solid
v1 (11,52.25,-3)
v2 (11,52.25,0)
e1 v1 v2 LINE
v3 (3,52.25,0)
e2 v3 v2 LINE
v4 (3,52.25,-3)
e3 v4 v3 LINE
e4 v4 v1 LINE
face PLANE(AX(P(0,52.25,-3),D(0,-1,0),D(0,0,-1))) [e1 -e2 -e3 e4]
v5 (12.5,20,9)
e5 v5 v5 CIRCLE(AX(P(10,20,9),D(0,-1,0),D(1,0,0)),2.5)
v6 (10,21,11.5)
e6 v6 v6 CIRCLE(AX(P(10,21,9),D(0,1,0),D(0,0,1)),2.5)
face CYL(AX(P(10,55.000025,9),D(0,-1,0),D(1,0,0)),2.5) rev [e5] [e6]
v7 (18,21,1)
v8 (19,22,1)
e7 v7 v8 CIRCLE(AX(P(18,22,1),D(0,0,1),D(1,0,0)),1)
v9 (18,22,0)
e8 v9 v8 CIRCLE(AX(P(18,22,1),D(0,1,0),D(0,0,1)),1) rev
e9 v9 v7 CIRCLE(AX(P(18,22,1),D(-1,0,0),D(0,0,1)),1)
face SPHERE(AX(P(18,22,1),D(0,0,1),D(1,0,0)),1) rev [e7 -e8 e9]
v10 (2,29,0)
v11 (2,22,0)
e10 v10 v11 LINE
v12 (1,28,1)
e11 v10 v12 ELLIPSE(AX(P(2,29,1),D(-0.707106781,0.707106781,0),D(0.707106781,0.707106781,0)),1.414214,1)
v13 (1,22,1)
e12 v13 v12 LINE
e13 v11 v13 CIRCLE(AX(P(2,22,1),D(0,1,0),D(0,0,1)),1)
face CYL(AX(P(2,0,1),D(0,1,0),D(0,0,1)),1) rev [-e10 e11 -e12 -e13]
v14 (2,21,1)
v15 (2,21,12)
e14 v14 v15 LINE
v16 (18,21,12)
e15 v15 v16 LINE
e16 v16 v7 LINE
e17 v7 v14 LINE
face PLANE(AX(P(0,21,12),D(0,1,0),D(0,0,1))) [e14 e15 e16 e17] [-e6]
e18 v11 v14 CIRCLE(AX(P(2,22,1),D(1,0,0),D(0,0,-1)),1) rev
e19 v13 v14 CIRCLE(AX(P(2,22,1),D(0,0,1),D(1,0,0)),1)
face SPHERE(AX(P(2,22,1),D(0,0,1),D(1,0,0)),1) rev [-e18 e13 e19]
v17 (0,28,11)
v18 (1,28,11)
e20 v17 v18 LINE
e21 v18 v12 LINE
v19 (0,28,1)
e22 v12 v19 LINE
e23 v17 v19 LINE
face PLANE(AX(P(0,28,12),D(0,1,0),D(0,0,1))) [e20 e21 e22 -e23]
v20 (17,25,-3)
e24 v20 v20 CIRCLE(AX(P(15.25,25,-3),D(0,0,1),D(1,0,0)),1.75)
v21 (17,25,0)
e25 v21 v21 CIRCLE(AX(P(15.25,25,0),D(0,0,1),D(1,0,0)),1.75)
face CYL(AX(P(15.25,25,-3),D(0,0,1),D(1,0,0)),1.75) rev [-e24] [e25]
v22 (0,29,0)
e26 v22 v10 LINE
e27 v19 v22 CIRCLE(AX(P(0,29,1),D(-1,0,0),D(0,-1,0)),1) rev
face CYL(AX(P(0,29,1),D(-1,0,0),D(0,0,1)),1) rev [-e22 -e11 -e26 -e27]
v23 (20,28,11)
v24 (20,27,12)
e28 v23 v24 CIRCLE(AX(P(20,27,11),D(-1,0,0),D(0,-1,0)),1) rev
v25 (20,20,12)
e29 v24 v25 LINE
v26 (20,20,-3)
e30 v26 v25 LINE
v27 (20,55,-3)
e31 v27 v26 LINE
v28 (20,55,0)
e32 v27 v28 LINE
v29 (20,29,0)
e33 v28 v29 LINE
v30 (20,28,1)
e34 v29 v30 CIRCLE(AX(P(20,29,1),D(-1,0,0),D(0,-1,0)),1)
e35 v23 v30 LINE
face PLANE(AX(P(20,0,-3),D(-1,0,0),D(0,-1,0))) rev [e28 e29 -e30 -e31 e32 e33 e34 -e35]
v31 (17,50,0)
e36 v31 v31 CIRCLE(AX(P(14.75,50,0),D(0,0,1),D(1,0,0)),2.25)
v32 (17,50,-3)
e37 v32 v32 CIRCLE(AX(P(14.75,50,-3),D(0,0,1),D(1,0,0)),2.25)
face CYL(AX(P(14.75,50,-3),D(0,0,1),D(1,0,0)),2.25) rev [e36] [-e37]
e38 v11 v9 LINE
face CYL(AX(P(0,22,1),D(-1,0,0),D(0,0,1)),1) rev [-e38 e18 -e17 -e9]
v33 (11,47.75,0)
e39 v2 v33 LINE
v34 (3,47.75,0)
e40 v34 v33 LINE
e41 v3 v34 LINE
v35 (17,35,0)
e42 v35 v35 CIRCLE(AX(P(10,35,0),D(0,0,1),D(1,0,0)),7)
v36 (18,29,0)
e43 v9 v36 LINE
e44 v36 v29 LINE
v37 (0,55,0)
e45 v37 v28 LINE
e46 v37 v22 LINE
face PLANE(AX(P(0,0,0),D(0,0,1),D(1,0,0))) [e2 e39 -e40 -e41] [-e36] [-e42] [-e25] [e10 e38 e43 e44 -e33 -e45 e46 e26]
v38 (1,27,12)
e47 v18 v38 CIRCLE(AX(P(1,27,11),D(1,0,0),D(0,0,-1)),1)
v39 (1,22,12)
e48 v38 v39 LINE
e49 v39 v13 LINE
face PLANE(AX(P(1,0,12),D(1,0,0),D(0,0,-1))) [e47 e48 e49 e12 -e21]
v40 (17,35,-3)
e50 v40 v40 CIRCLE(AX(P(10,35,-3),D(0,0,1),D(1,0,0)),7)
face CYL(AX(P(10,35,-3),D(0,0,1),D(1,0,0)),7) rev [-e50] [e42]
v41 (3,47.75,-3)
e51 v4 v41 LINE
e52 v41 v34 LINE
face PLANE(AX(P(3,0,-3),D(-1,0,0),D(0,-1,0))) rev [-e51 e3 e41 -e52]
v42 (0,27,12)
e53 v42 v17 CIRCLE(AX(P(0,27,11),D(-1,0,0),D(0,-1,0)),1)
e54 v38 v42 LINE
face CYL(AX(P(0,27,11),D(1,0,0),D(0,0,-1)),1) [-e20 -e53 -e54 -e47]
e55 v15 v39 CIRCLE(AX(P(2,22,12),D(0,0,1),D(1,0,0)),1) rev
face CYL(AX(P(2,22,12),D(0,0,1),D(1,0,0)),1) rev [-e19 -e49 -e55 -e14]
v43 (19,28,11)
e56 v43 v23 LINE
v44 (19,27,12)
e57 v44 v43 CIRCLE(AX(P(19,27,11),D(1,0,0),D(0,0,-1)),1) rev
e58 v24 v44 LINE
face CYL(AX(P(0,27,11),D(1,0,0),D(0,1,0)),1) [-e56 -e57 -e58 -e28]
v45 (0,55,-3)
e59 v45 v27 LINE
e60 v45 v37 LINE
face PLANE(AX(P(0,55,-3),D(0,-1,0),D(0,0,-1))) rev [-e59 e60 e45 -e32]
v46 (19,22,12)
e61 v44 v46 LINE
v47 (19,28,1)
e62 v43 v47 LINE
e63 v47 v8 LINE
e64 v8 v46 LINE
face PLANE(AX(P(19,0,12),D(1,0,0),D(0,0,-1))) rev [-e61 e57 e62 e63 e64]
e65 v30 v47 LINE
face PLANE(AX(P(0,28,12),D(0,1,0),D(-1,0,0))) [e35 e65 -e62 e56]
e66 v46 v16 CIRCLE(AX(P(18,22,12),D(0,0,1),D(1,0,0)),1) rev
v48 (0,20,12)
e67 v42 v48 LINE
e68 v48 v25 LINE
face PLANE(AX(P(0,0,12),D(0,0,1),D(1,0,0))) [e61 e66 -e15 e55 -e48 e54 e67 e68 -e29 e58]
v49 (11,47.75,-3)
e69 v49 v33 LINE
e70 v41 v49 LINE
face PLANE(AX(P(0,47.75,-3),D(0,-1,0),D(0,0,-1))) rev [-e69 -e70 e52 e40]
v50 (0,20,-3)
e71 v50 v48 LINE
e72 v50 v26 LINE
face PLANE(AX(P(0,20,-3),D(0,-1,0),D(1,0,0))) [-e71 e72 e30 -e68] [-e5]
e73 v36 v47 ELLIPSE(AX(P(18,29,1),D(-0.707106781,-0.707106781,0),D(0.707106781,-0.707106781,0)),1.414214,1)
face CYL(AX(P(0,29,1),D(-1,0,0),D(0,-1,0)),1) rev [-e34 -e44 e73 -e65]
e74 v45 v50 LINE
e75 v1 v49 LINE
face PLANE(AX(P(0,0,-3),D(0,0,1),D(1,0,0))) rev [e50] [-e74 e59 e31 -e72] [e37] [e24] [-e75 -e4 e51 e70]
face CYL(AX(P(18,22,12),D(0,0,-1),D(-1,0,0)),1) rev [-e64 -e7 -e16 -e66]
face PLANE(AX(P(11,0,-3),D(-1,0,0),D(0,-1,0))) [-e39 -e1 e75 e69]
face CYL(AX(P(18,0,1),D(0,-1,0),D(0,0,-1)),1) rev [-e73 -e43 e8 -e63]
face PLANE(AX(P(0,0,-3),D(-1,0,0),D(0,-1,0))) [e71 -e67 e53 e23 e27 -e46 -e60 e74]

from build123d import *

# Parameters (mm, degrees)
SKETCH1_7_W         = 20
SKETCH1_7_H         = 35
SKETCH1_7_R         = 2.25
SKETCH1_7_W_2       = 8
SKETCH1_7_H_2       = 4.5
SKETCH1_7_R_2       = 1.75
SKETCH1_7_R_3       = 7
BOSS_EXTRUDE2_DEPTH = 3
BOSS_EXTRUDE3_DEPTH = 12
SKETCH2_R           = 2.5
CUT_EXTRUDE1_DEPTH  = 43.05948169
FILLET1_R           = 1


with BuildPart() as part:
    # Sketch1<7> → Boss-Extrude2 (new body)
    with BuildSketch(Plane.XY):
        with Locations((10, 37.5)):
            Rectangle(SKETCH1_7_W, SKETCH1_7_H)
        with Locations((14.75, 50)):
            Circle(SKETCH1_7_R, mode=Mode.SUBTRACT)
        with Locations((7, 50)):
            Rectangle(SKETCH1_7_W_2, SKETCH1_7_H_2, mode=Mode.SUBTRACT)
        with Locations((15.25, 25)):
            Circle(SKETCH1_7_R_2, mode=Mode.SUBTRACT)
        with Locations((10, 35)):
            Circle(SKETCH1_7_R_3, mode=Mode.SUBTRACT)
    extrude(amount=-BOSS_EXTRUDE2_DEPTH)

    # Sketch1<8> → Boss-Extrude3 (add)
    with BuildSketch(Plane.XY):
        Polygon((0, 28), (0, 20), (20, 20), (20, 28), (19, 28), (19, 21), (1, 21), (1, 28), align=None)
    extrude(amount=BOSS_EXTRUDE3_DEPTH)

    # Sketch2 → Cut-Extrude1 (cut, through all)
    with BuildSketch(Plane.XZ.offset(-20)):
        with Locations((10, 9)):
            Circle(SKETCH2_R)
    extrude(amount=-CUT_EXTRUDE1_DEPTH, mode=Mode.SUBTRACT)

    # Fillet1
    fillet1_edges = [part.edges().sort_by_distance(p)[0] for p in [
        (19.5, 28, 12),
        (0.5, 28, 12),
        (1, 24.5, 0),
        (19, 24.5, 0),
        (19, 21, 6),
        (10, 21, 0),
        (1, 21, 6),
        (19.5, 28, 0),
        (0.5, 28, 0),
    ]]
    fillet(fillet1_edges, radius=FILLET1_R)


solid = part.part
